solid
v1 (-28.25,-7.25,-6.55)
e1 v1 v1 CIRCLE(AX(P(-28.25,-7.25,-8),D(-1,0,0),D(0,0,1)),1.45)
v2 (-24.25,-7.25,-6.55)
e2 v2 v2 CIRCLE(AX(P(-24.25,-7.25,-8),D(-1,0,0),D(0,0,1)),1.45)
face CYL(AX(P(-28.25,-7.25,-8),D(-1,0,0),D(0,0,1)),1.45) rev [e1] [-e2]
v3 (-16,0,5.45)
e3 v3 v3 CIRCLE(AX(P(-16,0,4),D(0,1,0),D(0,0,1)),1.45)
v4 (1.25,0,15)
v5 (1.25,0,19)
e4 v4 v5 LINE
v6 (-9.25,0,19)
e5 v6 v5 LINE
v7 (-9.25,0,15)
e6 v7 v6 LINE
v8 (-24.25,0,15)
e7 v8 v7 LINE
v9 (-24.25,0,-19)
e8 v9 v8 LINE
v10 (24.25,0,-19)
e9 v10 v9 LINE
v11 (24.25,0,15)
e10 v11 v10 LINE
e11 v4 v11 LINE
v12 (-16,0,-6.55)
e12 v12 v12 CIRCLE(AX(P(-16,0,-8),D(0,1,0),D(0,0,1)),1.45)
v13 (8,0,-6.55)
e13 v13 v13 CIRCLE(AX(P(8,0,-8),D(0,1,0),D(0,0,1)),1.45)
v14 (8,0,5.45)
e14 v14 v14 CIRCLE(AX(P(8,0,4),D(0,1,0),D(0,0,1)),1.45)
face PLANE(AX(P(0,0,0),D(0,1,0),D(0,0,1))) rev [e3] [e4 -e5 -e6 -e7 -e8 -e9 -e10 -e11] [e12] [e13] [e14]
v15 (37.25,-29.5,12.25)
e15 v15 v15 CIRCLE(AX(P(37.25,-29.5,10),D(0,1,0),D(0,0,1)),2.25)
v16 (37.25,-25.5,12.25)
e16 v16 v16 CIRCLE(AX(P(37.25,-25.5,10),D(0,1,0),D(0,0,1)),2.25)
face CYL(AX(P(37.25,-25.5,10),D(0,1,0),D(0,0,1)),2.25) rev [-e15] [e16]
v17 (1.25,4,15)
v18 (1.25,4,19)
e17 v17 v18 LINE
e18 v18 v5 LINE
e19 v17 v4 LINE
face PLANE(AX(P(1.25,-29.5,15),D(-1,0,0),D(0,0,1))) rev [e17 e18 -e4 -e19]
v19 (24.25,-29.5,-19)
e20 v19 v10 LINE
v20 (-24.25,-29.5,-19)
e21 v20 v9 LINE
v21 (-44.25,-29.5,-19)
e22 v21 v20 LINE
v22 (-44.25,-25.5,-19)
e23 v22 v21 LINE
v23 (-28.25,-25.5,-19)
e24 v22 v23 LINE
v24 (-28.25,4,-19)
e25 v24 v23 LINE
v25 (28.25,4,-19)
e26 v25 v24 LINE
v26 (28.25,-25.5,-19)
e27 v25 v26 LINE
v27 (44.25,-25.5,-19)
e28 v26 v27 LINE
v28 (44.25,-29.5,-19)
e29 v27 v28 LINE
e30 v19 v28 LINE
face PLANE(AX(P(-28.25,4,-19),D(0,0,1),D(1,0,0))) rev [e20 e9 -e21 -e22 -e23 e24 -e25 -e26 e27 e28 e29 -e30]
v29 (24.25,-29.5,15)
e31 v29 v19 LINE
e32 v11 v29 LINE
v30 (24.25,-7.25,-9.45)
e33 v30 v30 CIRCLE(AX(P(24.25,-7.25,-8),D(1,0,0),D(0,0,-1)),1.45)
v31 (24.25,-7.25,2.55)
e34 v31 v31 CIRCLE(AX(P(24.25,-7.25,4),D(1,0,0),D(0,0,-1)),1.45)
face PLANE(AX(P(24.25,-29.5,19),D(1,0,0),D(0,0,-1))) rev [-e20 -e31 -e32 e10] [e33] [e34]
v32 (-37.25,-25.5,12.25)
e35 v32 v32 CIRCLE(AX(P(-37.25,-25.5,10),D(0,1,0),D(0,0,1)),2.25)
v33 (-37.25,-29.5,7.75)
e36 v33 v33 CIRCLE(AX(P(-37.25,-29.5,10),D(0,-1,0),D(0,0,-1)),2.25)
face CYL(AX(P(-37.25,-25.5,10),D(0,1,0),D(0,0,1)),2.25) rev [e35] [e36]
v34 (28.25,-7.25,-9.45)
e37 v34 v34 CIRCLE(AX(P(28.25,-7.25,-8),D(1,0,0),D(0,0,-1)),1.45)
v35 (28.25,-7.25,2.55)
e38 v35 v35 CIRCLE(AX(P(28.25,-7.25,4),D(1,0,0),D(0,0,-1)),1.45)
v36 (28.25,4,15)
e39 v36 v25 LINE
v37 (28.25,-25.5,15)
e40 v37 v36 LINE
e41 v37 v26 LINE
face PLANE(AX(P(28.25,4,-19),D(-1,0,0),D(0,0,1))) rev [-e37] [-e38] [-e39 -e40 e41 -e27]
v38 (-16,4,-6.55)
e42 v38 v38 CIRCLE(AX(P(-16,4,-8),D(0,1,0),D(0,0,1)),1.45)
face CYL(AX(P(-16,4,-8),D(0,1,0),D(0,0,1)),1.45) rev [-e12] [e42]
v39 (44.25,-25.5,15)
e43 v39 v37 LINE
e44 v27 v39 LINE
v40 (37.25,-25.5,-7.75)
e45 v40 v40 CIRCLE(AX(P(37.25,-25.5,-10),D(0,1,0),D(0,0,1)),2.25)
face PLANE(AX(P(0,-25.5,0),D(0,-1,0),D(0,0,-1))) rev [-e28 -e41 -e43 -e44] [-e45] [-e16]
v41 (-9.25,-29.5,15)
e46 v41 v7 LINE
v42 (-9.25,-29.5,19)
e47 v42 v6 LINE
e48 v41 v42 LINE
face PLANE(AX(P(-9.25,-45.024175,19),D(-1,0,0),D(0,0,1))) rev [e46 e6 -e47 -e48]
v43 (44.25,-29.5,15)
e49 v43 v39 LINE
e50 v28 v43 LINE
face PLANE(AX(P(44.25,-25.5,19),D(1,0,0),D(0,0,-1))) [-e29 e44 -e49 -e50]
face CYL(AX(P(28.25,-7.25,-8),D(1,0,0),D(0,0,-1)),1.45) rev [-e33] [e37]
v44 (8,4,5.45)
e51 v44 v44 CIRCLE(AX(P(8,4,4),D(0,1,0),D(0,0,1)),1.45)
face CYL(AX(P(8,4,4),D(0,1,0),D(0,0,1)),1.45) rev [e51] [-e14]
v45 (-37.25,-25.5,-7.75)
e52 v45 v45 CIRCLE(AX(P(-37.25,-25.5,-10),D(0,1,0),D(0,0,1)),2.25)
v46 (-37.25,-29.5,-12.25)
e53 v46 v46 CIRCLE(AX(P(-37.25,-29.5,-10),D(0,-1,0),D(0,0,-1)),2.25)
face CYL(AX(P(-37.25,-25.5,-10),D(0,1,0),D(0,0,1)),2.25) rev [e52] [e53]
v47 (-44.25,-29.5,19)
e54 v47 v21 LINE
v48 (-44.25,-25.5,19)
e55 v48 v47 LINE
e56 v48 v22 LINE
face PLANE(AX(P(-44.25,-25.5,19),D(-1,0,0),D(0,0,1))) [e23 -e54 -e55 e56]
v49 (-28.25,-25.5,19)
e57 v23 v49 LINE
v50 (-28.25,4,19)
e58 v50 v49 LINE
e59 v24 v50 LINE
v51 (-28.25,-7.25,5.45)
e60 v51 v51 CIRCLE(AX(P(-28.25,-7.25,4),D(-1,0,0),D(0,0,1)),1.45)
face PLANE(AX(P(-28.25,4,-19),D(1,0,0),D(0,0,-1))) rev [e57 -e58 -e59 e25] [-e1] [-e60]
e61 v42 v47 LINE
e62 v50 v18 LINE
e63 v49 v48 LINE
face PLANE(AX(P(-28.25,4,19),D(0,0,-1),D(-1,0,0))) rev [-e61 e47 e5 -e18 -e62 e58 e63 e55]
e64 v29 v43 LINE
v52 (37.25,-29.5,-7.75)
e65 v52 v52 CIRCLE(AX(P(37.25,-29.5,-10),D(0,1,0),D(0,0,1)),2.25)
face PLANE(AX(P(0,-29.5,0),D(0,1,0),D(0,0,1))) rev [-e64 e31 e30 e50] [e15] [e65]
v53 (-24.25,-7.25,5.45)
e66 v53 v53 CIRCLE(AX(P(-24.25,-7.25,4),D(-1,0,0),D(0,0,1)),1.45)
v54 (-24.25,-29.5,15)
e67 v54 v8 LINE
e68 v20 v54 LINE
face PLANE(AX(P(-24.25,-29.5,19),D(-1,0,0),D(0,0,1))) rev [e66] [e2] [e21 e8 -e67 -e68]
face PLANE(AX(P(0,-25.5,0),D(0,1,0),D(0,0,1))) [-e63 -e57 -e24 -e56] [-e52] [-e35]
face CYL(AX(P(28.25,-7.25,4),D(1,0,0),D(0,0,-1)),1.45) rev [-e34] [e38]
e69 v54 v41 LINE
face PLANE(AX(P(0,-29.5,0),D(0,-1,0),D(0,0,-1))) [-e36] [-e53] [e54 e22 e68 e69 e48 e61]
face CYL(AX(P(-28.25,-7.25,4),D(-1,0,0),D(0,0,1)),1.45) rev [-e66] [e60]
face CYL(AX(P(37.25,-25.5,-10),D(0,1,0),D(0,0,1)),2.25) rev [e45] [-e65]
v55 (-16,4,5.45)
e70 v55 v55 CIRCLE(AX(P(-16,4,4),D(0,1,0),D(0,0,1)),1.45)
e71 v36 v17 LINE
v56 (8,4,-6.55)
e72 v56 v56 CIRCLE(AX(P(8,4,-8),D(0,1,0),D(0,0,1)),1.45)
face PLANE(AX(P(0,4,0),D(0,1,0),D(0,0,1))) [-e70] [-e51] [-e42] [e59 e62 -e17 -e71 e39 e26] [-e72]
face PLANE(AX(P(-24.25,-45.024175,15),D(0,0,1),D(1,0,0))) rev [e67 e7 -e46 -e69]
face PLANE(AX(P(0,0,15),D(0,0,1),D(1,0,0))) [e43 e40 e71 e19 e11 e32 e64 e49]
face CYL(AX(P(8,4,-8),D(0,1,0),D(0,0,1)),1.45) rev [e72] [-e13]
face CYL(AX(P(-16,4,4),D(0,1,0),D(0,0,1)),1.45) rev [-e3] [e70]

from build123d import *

# Parameters (mm, degrees)
SKETCH_31_W              = 56.5
SKETCH_31_H              = 38
EXTRUDE_11_DEPTH         = 4
SKETCH_32_W              = 4
SKETCH_32_H              = 38
EXTRUDE_12_DEPTH         = 29.5
SKETCH_33_W              = 16
SKETCH_33_H              = 38
EXTRUDE_13_DEPTH         = 4
SKETCH_34_W              = 15
SKETCH_34_H              = 4
EXTRUDE_14_DEPTH         = 29.5
HOLE_WIZARD_M2_5_1_D     = 2.9
HOLE_WIZARD_M2_5_1_DEPTH = 10
HOLE_WIZARD_M2_5_1_TIP   = 0.871247898
HOLE_WIZARD_M2_5_2_D     = 2.9
HOLE_WIZARD_M2_5_2_DEPTH = 10
HOLE_WIZARD_M2_5_2_TIP   = 0.871247898
HOLE_WIZARD_M2_5_3_D     = 2.9
HOLE_WIZARD_M2_5_3_DEPTH = 10
HOLE_WIZARD_M2_5_3_TIP   = 0.871247898
HOLE_WIZARD_M4_1_D       = 4.5
HOLE_WIZARD_M4_1_DEPTH   = 10
HOLE_WIZARD_M4_1_TIP     = 1.351936393
SKETCH_46_W              = 43
SKETCH_46_H              = 33.5
CUT_EXTRUDE_4_DEPTH      = 4


with BuildPart() as part:
    # 스케치31 → 보스-돌출11 (new body)
    with BuildSketch(Plane(origin=(0, 0, 0), x_dir=(1, 0, 0), z_dir=(0, 1, 0))):
        Rectangle(SKETCH_31_W, SKETCH_31_H)
    extrude(amount=EXTRUDE_11_DEPTH)

    # 스케치32 → 보스-돌출12 (add)
    with BuildSketch(Plane.XZ):
        with Locations((26.25, 0)):
            Rectangle(SKETCH_32_W, SKETCH_32_H)
        with Locations((-26.25, 0)):
            Rectangle(SKETCH_32_W, SKETCH_32_H)
    extrude(amount=EXTRUDE_12_DEPTH)

    # 스케치33 → 보스-돌출13 (add)
    with BuildSketch(Plane.XZ.offset(29.5)):
        with Locations((-36.25, 0)):
            Rectangle(SKETCH_33_W, SKETCH_33_H)
        with Locations((36.25, 0)):
            Rectangle(SKETCH_33_W, SKETCH_33_H)
    extrude(amount=-EXTRUDE_13_DEPTH)

    # 스케치34 → 보스-돌출14 (add)
    with BuildSketch(Plane.XZ):
        with Locations((-16.75, 17)):
            Rectangle(SKETCH_34_W, SKETCH_34_H)
    extrude(amount=EXTRUDE_14_DEPTH)

    # M2.5 여유 구멍1
    with Locations(Plane(origin=(0, 4, 0), x_dir=(1, 0, 0), z_dir=(0, 1, 0))):
        with Locations((8, 8), (8, -4), (-16, -4), (-16, 8)):
            Hole(HOLE_WIZARD_M2_5_1_D / 2, depth=HOLE_WIZARD_M2_5_1_DEPTH)
            with Locations((0, 0, -(HOLE_WIZARD_M2_5_1_DEPTH + HOLE_WIZARD_M2_5_1_TIP / 2))):  # 118° drill point
                Cone(0, HOLE_WIZARD_M2_5_1_D / 2, HOLE_WIZARD_M2_5_1_TIP, mode=Mode.SUBTRACT)

    # M2.5 여유 구멍2
    with Locations(Plane(origin=(28.25, 0, 0), x_dir=(0, 0, -1), z_dir=(1, 0, 0))):
        with Locations((-4, -7.25), (8, -7.25)):
            Hole(HOLE_WIZARD_M2_5_2_D / 2, depth=HOLE_WIZARD_M2_5_2_DEPTH)
            with Locations((0, 0, -(HOLE_WIZARD_M2_5_2_DEPTH + HOLE_WIZARD_M2_5_2_TIP / 2))):  # 118° drill point
                Cone(0, HOLE_WIZARD_M2_5_2_D / 2, HOLE_WIZARD_M2_5_2_TIP, mode=Mode.SUBTRACT)

    # M2.5 여유 구멍3
    with Locations(Plane.ZY.offset(28.25)):
        with Locations((4, -7.25), (-8, -7.25)):
            Hole(HOLE_WIZARD_M2_5_3_D / 2, depth=HOLE_WIZARD_M2_5_3_DEPTH)
            with Locations((0, 0, -(HOLE_WIZARD_M2_5_3_DEPTH + HOLE_WIZARD_M2_5_3_TIP / 2))):  # 118° drill point
                Cone(0, HOLE_WIZARD_M2_5_3_D / 2, HOLE_WIZARD_M2_5_3_TIP, mode=Mode.SUBTRACT)

    # M4 여유 구멍1
    with Locations(Plane(origin=(0, -25.5, 0), x_dir=(1, 0, 0), z_dir=(0, 1, 0))):
        with Locations((37.25, 10), (37.25, -10), (-37.25, -10), (-37.25, 10)):
            Hole(HOLE_WIZARD_M4_1_D / 2, depth=HOLE_WIZARD_M4_1_DEPTH)
            with Locations((0, 0, -(HOLE_WIZARD_M4_1_DEPTH + HOLE_WIZARD_M4_1_TIP / 2))):  # 118° drill point
                Cone(0, HOLE_WIZARD_M4_1_D / 2, HOLE_WIZARD_M4_1_TIP, mode=Mode.SUBTRACT)

    # 스케치46 → 컷-돌출4 (cut)
    with BuildSketch(Plane.XY.offset(19)):
        with Locations((22.75, -12.75)):
            Rectangle(SKETCH_46_W, SKETCH_46_H)
    extrude(amount=-CUT_EXTRUDE_4_DEPTH, mode=Mode.SUBTRACT)


solid = part.part
